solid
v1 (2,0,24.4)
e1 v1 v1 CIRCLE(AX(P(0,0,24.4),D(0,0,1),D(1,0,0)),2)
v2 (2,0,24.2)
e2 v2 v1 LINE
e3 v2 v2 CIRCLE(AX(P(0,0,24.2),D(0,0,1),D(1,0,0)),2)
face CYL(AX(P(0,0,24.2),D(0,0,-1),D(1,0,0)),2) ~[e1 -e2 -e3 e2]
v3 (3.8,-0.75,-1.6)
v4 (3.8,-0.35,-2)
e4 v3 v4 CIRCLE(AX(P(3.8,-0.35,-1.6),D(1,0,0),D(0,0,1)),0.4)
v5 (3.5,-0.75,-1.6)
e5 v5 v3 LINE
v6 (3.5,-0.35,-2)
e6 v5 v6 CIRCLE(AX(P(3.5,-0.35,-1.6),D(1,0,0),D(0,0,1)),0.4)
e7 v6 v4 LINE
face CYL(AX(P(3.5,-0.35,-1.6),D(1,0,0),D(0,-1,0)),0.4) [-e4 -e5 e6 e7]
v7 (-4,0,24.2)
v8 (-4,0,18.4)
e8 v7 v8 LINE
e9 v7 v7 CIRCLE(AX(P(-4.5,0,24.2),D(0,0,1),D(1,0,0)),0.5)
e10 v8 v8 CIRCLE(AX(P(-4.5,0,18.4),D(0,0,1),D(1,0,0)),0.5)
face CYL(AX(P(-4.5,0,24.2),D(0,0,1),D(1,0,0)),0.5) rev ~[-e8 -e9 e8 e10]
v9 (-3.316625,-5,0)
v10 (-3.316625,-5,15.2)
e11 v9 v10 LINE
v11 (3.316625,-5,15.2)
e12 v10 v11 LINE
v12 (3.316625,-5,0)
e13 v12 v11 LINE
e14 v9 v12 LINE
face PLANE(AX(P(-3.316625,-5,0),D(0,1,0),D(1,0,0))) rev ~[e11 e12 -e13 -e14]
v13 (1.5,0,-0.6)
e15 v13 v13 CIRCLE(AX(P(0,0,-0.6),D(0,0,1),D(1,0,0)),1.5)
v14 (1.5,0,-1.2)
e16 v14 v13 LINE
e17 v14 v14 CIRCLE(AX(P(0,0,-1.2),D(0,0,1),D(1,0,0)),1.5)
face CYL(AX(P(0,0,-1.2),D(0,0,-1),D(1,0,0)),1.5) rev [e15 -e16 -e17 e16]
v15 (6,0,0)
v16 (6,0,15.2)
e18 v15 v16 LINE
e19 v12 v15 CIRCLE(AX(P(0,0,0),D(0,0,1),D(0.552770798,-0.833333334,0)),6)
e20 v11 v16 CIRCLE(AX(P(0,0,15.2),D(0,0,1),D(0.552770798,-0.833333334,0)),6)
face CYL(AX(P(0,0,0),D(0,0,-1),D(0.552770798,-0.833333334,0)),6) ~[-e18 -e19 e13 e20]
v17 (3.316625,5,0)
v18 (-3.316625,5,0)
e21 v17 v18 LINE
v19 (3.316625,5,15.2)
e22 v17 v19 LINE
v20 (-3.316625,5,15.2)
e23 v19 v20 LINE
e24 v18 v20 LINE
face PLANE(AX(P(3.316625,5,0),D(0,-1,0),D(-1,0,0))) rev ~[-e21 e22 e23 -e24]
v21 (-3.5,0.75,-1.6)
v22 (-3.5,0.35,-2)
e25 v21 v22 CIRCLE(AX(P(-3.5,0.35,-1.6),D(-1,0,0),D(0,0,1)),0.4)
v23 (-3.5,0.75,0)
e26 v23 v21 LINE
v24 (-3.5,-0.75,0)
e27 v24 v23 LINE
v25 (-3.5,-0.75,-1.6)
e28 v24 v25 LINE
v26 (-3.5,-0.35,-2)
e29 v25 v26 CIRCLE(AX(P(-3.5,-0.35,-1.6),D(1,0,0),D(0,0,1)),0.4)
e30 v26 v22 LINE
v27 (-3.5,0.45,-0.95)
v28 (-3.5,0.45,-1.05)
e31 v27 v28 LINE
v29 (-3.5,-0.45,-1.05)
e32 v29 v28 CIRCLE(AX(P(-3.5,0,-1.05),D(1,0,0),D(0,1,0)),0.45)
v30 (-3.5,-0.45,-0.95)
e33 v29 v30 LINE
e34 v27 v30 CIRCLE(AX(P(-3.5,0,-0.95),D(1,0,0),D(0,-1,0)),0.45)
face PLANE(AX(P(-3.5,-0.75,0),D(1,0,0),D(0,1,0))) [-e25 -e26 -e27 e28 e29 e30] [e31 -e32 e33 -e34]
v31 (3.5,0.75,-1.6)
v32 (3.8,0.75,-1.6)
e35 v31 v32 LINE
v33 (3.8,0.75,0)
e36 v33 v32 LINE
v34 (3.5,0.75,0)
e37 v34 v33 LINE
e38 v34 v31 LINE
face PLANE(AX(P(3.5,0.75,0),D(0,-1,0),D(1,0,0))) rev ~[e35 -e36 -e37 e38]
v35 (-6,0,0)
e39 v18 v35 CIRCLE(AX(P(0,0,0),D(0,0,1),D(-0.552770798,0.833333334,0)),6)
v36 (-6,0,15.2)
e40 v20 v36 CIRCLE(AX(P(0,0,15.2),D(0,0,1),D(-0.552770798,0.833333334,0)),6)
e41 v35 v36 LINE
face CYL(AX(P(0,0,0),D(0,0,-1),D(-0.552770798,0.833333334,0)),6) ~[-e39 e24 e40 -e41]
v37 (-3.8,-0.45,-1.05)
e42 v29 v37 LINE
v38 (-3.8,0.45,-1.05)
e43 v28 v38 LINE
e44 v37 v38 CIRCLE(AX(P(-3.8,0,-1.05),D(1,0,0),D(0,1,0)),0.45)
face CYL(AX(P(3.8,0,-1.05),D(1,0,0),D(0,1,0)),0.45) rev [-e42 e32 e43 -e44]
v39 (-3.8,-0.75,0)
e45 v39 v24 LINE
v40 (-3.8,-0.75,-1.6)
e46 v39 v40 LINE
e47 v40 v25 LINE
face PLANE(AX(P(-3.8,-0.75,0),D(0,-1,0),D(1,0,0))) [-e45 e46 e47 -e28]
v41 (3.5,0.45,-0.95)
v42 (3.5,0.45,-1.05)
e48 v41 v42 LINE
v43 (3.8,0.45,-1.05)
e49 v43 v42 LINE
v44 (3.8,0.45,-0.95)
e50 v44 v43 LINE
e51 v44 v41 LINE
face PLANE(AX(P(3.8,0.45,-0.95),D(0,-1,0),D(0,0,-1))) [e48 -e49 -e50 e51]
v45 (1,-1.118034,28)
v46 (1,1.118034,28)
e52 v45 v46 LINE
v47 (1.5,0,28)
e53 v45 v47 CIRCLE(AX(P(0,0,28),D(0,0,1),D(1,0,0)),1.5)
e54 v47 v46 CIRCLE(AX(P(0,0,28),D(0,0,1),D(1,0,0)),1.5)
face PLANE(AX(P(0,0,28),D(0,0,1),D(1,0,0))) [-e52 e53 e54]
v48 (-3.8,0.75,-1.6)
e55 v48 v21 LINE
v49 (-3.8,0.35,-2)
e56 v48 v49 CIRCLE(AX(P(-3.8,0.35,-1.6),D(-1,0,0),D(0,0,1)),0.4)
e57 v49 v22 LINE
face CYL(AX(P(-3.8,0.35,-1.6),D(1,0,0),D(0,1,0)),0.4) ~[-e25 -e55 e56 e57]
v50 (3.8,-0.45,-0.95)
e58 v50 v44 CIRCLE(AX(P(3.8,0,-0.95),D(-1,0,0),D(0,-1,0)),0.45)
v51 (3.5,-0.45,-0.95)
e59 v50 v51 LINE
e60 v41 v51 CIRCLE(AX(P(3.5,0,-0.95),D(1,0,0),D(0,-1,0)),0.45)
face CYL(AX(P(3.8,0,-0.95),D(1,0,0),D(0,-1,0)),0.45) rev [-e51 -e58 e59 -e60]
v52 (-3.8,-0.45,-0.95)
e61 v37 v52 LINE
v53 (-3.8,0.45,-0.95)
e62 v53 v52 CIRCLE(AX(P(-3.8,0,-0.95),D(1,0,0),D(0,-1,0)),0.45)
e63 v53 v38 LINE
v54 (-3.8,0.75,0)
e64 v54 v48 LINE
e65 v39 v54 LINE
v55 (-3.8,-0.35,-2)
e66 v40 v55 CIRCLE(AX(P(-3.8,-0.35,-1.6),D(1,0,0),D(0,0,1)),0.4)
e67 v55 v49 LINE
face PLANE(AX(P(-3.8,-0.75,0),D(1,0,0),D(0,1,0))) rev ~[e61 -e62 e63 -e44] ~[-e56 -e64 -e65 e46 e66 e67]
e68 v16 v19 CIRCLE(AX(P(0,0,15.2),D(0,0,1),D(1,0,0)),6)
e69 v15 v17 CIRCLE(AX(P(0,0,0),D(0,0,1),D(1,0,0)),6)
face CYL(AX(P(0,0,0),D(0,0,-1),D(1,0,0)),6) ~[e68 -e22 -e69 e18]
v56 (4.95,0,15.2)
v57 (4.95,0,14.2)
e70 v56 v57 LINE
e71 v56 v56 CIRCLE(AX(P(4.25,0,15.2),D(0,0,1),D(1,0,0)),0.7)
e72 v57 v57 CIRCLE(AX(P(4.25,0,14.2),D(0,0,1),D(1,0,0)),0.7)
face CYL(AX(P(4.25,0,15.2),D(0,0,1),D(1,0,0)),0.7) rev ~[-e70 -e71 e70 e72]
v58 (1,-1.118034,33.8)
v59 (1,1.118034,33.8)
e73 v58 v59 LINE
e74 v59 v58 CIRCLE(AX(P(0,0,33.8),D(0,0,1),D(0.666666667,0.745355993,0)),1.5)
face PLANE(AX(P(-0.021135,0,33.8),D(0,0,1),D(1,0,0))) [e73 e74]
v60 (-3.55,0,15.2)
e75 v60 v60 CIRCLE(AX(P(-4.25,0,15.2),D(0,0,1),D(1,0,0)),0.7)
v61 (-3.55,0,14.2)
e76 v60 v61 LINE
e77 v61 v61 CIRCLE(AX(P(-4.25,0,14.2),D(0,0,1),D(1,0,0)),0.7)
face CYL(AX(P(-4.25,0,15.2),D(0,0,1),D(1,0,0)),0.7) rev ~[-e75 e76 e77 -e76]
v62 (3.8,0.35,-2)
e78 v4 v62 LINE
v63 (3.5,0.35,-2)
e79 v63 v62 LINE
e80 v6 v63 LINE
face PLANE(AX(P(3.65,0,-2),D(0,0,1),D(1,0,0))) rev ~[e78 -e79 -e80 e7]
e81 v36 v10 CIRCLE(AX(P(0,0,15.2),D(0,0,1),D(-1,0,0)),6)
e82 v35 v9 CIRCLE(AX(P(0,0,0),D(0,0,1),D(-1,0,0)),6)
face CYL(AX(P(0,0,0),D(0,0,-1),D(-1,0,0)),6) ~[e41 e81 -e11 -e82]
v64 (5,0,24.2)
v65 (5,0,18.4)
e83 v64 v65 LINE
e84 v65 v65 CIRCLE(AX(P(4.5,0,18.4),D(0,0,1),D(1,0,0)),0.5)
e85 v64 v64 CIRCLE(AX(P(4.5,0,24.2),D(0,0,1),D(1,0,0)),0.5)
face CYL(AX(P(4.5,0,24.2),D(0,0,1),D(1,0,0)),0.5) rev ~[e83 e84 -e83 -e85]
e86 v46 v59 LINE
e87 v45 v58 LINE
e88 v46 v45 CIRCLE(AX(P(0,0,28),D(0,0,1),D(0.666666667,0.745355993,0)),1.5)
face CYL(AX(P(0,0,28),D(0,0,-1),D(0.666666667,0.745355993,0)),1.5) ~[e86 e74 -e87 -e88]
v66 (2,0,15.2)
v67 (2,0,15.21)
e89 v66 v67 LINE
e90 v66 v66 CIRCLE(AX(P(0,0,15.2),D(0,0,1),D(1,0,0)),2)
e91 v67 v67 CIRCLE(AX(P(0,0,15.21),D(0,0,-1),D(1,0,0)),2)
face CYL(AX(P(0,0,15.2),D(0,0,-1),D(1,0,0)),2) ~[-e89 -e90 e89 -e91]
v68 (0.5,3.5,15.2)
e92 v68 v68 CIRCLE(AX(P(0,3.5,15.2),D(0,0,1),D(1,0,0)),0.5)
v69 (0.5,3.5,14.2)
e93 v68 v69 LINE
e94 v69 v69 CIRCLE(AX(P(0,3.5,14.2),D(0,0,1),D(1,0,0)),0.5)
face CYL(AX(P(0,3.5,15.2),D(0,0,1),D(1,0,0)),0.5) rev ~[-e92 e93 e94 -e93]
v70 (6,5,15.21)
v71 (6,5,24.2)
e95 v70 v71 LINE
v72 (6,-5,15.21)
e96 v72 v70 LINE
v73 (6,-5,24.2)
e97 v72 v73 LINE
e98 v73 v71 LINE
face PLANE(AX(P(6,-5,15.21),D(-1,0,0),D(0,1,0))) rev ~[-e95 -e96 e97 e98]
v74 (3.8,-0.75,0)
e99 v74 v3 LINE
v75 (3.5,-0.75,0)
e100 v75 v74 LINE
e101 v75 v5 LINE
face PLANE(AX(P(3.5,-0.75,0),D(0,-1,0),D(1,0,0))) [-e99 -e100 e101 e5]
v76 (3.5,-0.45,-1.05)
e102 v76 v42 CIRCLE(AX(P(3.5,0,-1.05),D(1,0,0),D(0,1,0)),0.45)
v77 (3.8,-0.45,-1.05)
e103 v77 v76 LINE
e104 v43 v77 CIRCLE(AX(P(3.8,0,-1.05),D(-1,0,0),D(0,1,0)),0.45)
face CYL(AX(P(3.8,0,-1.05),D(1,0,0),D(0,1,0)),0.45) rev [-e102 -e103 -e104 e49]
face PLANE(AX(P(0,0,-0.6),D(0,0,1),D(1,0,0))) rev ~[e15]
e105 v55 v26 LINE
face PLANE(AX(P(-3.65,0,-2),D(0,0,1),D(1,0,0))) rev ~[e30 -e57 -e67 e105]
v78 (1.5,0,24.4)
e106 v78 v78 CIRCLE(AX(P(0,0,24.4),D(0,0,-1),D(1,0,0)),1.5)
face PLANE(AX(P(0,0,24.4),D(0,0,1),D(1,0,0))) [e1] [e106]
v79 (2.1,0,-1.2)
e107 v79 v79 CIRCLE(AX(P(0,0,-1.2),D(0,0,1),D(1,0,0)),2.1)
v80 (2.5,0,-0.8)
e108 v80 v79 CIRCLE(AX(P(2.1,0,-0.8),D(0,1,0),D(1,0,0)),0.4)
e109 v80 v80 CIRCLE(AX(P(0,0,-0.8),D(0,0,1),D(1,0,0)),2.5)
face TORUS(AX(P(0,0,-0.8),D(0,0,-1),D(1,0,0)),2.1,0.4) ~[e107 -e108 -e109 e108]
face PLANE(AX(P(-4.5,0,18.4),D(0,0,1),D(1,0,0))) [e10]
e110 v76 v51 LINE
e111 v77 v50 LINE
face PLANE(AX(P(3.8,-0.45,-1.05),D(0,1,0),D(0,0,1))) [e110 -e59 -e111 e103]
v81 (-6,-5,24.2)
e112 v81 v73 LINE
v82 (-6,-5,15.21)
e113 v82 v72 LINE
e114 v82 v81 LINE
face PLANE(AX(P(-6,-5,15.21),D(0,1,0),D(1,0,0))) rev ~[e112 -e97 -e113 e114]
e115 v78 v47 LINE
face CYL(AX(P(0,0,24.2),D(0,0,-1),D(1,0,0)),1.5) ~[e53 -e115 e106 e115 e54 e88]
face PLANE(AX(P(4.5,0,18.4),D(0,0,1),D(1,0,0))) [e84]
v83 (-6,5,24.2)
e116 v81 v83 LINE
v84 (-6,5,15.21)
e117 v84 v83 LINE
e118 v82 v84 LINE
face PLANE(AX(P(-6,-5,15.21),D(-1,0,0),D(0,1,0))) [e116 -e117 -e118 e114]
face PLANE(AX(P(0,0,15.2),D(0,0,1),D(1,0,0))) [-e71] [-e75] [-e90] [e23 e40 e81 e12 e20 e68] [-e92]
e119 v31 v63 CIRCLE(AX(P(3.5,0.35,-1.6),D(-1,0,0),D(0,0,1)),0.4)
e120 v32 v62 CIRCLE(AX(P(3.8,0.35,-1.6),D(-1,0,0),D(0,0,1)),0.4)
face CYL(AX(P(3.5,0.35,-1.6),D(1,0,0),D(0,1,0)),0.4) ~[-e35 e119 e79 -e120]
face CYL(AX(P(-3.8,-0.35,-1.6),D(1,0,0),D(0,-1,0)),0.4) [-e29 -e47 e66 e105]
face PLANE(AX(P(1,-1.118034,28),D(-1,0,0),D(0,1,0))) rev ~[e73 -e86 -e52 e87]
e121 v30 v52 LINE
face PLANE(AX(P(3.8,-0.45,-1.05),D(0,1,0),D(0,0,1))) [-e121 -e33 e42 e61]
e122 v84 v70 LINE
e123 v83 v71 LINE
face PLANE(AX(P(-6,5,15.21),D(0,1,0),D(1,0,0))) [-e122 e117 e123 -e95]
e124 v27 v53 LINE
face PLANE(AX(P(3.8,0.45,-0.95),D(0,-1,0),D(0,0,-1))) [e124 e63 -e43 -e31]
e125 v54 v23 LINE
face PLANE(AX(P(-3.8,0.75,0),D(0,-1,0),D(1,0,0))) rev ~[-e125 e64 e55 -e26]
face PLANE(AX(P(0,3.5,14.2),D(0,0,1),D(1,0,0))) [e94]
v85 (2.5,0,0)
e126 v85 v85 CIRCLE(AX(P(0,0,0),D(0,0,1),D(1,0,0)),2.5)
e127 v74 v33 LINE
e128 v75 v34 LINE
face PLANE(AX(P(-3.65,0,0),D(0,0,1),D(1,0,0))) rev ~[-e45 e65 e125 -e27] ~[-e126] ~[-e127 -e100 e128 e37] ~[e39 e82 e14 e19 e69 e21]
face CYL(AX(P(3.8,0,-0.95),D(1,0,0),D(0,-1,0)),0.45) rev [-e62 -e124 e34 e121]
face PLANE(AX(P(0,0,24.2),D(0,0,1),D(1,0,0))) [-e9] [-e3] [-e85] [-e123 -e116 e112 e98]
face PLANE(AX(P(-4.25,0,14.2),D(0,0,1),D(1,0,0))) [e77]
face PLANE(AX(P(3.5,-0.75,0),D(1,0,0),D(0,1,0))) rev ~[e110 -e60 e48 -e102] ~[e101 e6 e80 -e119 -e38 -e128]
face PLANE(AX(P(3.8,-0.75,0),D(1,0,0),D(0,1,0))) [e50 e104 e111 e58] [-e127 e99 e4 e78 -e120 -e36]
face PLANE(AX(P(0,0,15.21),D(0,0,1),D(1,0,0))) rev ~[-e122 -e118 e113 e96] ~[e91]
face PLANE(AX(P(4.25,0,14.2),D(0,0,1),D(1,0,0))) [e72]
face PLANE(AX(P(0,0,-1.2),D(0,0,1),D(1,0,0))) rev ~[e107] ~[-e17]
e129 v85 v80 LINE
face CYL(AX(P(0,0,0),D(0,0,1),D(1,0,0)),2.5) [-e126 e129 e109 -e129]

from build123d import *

# Parameters (mm, degrees)
SKETCH_1_W          = 0.3
SKETCH_1_H          = 1.5
SKETCH_1_R          = 2.5
SKETCH_1_R_2        = 1.5
EXTRUDE_1_DEPTH     = 15.2
SKETCH_1_4_W        = 0.3
SKETCH_1_4_H        = 1.5
EXTRUDE_2_DEPTH     = 2
CUT_EXTRUDE_2_DEPTH = 19.763794925
FILLET_1_R          = 0.4
SKETCH_1_5_R        = 2.5
SKETCH_1_5_R_2      = 1.5
EXTRUDE_3_DEPTH     = 1.2
CUT_EXTRUDE_START   = -1.2
SKETCH_1_7_R        = 1.5
CUT_EXTRUDE_1_DEPTH = 0.6
FILLET_2_R          = 0.4
SKETCH_3_R          = 2
EXTRUDE_4_DEPTH     = 0.5
SKETCH_3_3_R        = 0.5
EXTRUDE_5_DEPTH     = 3
SKETCH_4_R          = 0.7
SKETCH_4_R_2        = 0.5
CUT_EXTRUDE_3_DEPTH = 1
EXTRUDE_START       = 0.01
SKETCH_5_W          = 12
SKETCH_5_H          = 10
EXTRUDE_6_DEPTH     = 8.99
SKETCH_6_R          = 2
EXTRUDE_7_DEPTH     = 0.2
SKETCH_6_4_R        = 1.5
EXTRUDE_8_DEPTH     = 3.8
EXTRUDE_START_2     = 3.8
EXTRUDE_9_DEPTH     = 5.8
SKETCH_7_R          = 0.5
CUT_EXTRUDE_5_DEPTH = 5.8


with BuildPart() as part:
    # 草图1 → 凸台-拉伸1 (new body)
    # profile 1 of 5: a face of its own
    with BuildSketch(Plane.XY):
        with BuildLine():
            ThreePointArc((-6, 0), (-5.286764074, -2.837274331), (-3.31662479, -5))
            Line((-3.31662479, -5), (3.31662479, -5))
            ThreePointArc((3.31662479, -5), (5.286764074, -2.837274331), (6, 0))
            ThreePointArc((6, 0), (5.286764074, 2.837274331), (3.31662479, 5))
            Line((3.31662479, 5), (-3.31662479, 5))
            ThreePointArc((-3.31662479, 5), (-5.286764074, 2.837274331), (-6, 0))
        make_face()
        with Locations((-3.65, 0)):
            Rectangle(SKETCH_1_W, SKETCH_1_H, mode=Mode.SUBTRACT)
        Circle(SKETCH_1_R, mode=Mode.SUBTRACT)
        with Locations((3.65, 0)):
            Rectangle(SKETCH_1_W, SKETCH_1_H, mode=Mode.SUBTRACT)
    # profile 2 of 5: a face of its own
    with BuildSketch(Plane.XY):
        Circle(SKETCH_1_R)
        Circle(SKETCH_1_R_2, mode=Mode.SUBTRACT)
    # profile 3 of 5: a face of its own
    with BuildSketch(Plane.XY):
        Circle(SKETCH_1_R_2)
    # profile 4 of 5: a face of its own
    with BuildSketch(Plane.XY):
        with Locations((3.65, 0)):
            Rectangle(SKETCH_1_W, SKETCH_1_H)
    # profile 5 of 5: a face of its own
    with BuildSketch(Plane.XY):
        with Locations((-3.65, 0)):
            Rectangle(SKETCH_1_W, SKETCH_1_H)
    extrude(amount=EXTRUDE_1_DEPTH)

    # 草图1<4> → 凸台-拉伸2 (add)
    with BuildSketch(Plane.XY):
        with Locations((3.65, 0)):
            Rectangle(SKETCH_1_4_W, SKETCH_1_4_H)
        with Locations((-3.65, 0)):
            Rectangle(SKETCH_1_4_W, SKETCH_1_4_H)
    extrude(amount=-EXTRUDE_2_DEPTH)

    # 草图2 → 切除-拉伸2 (cut, through all)
    with BuildSketch(Plane(origin=(3.8, 0, 0), x_dir=(0, 0, -1), z_dir=(1, 0, 0))):
        with BuildLine():
            Line((0.95, 0.45), (1.05, 0.45))
            ThreePointArc((1.05, 0.45), (1.5, 0), (1.05, -0.45))
            Line((1.05, -0.45), (0.95, -0.45))
            ThreePointArc((0.95, -0.45), (0.5, 0), (0.95, 0.45))
        make_face()
    extrude(amount=-CUT_EXTRUDE_2_DEPTH, mode=Mode.SUBTRACT)

    # 圆角1
    fillet_1_edges = [part.edges().sort_by_distance(p)[0] for p in [
        (3.65, -0.75, -2),
        (3.65, 0.75, -2),
        (-3.65, -0.75, -2),
        (-3.65, 0.75, -2),
    ]]
    fillet(fillet_1_edges, radius=FILLET_1_R)

    # 草图1<5> → 凸台-拉伸3 (add)
    # profile 1 of 2: a face of its own
    with BuildSketch(Plane.XY):
        Circle(SKETCH_1_5_R)
        Circle(SKETCH_1_5_R_2, mode=Mode.SUBTRACT)
    # profile 2 of 2: a face of its own
    with BuildSketch(Plane.XY):
        Circle(SKETCH_1_5_R_2)
    extrude(amount=-EXTRUDE_3_DEPTH)

    # 草图1<7> → 切除-拉伸1 (cut)
    with BuildSketch(Plane.XY.offset(CUT_EXTRUDE_START)):
        Circle(SKETCH_1_7_R)
    extrude(amount=CUT_EXTRUDE_1_DEPTH, mode=Mode.SUBTRACT)

    # 圆角2
    fillet_2_edges = [part.edges().sort_by_distance(p)[0] for p in [
        (-2.5, 0, -1.2),
    ]]
    fillet(fillet_2_edges, radius=FILLET_2_R)

    # 草图3 → 凸台-拉伸4 (add)
    with BuildSketch(Plane.XY.offset(15.2)):
        Circle(SKETCH_3_R)
    extrude(amount=EXTRUDE_4_DEPTH)

    # 草图3<3> → 凸台-拉伸5 (add)
    with BuildSketch(Plane.XY.offset(15.2)):
        Circle(SKETCH_3_3_R)
    extrude(amount=EXTRUDE_5_DEPTH)

    # 草图4 → 切除-拉伸3 (cut)
    with BuildSketch(Plane.XY.offset(15.2)):
        with Locations((-4.25, 0)):
            Circle(SKETCH_4_R)
        with Locations((4.25, 0)):
            Circle(SKETCH_4_R)
        with Locations((0, 3.5)):
            Circle(SKETCH_4_R_2)
    extrude(amount=-CUT_EXTRUDE_3_DEPTH, mode=Mode.SUBTRACT)

    # 草图5 → 凸台-拉伸6 (add)
    with BuildSketch(Plane.XY.offset(15.2).offset(EXTRUDE_START)):
        Rectangle(SKETCH_5_W, SKETCH_5_H)
    extrude(amount=EXTRUDE_6_DEPTH)

    # 草图6 → 凸台-拉伸7 (add)
    with BuildSketch(Plane.XY.offset(24.2)):
        Circle(SKETCH_6_R)
    extrude(amount=EXTRUDE_7_DEPTH)

    # 草图6<4> → 凸台-拉伸8 (add)
    with BuildSketch(Plane.XY.offset(24.2)):
        Circle(SKETCH_6_4_R)
    extrude(amount=EXTRUDE_8_DEPTH)

    # 草图6<5> → 凸台-拉伸9 (add)
    with BuildSketch(Plane.XY.offset(24.2).offset(EXTRUDE_START_2)):
        with BuildLine():
            Line((1, -1.118033989), (1, 1.118033989))
            ThreePointArc((1, 1.118033989), (-1.5, 0), (1, -1.118033989))
        make_face()
    extrude(amount=EXTRUDE_9_DEPTH)

    # 草图7 → 切除-拉伸5 (cut)
    with BuildSketch(Plane.XY.offset(24.2)):
        with Locations((-4.5, 0)):
            Circle(SKETCH_7_R)
        with Locations((4.5, 0)):
            Circle(SKETCH_7_R)
    extrude(amount=-CUT_EXTRUDE_5_DEPTH, mode=Mode.SUBTRACT)


solid = part.part
